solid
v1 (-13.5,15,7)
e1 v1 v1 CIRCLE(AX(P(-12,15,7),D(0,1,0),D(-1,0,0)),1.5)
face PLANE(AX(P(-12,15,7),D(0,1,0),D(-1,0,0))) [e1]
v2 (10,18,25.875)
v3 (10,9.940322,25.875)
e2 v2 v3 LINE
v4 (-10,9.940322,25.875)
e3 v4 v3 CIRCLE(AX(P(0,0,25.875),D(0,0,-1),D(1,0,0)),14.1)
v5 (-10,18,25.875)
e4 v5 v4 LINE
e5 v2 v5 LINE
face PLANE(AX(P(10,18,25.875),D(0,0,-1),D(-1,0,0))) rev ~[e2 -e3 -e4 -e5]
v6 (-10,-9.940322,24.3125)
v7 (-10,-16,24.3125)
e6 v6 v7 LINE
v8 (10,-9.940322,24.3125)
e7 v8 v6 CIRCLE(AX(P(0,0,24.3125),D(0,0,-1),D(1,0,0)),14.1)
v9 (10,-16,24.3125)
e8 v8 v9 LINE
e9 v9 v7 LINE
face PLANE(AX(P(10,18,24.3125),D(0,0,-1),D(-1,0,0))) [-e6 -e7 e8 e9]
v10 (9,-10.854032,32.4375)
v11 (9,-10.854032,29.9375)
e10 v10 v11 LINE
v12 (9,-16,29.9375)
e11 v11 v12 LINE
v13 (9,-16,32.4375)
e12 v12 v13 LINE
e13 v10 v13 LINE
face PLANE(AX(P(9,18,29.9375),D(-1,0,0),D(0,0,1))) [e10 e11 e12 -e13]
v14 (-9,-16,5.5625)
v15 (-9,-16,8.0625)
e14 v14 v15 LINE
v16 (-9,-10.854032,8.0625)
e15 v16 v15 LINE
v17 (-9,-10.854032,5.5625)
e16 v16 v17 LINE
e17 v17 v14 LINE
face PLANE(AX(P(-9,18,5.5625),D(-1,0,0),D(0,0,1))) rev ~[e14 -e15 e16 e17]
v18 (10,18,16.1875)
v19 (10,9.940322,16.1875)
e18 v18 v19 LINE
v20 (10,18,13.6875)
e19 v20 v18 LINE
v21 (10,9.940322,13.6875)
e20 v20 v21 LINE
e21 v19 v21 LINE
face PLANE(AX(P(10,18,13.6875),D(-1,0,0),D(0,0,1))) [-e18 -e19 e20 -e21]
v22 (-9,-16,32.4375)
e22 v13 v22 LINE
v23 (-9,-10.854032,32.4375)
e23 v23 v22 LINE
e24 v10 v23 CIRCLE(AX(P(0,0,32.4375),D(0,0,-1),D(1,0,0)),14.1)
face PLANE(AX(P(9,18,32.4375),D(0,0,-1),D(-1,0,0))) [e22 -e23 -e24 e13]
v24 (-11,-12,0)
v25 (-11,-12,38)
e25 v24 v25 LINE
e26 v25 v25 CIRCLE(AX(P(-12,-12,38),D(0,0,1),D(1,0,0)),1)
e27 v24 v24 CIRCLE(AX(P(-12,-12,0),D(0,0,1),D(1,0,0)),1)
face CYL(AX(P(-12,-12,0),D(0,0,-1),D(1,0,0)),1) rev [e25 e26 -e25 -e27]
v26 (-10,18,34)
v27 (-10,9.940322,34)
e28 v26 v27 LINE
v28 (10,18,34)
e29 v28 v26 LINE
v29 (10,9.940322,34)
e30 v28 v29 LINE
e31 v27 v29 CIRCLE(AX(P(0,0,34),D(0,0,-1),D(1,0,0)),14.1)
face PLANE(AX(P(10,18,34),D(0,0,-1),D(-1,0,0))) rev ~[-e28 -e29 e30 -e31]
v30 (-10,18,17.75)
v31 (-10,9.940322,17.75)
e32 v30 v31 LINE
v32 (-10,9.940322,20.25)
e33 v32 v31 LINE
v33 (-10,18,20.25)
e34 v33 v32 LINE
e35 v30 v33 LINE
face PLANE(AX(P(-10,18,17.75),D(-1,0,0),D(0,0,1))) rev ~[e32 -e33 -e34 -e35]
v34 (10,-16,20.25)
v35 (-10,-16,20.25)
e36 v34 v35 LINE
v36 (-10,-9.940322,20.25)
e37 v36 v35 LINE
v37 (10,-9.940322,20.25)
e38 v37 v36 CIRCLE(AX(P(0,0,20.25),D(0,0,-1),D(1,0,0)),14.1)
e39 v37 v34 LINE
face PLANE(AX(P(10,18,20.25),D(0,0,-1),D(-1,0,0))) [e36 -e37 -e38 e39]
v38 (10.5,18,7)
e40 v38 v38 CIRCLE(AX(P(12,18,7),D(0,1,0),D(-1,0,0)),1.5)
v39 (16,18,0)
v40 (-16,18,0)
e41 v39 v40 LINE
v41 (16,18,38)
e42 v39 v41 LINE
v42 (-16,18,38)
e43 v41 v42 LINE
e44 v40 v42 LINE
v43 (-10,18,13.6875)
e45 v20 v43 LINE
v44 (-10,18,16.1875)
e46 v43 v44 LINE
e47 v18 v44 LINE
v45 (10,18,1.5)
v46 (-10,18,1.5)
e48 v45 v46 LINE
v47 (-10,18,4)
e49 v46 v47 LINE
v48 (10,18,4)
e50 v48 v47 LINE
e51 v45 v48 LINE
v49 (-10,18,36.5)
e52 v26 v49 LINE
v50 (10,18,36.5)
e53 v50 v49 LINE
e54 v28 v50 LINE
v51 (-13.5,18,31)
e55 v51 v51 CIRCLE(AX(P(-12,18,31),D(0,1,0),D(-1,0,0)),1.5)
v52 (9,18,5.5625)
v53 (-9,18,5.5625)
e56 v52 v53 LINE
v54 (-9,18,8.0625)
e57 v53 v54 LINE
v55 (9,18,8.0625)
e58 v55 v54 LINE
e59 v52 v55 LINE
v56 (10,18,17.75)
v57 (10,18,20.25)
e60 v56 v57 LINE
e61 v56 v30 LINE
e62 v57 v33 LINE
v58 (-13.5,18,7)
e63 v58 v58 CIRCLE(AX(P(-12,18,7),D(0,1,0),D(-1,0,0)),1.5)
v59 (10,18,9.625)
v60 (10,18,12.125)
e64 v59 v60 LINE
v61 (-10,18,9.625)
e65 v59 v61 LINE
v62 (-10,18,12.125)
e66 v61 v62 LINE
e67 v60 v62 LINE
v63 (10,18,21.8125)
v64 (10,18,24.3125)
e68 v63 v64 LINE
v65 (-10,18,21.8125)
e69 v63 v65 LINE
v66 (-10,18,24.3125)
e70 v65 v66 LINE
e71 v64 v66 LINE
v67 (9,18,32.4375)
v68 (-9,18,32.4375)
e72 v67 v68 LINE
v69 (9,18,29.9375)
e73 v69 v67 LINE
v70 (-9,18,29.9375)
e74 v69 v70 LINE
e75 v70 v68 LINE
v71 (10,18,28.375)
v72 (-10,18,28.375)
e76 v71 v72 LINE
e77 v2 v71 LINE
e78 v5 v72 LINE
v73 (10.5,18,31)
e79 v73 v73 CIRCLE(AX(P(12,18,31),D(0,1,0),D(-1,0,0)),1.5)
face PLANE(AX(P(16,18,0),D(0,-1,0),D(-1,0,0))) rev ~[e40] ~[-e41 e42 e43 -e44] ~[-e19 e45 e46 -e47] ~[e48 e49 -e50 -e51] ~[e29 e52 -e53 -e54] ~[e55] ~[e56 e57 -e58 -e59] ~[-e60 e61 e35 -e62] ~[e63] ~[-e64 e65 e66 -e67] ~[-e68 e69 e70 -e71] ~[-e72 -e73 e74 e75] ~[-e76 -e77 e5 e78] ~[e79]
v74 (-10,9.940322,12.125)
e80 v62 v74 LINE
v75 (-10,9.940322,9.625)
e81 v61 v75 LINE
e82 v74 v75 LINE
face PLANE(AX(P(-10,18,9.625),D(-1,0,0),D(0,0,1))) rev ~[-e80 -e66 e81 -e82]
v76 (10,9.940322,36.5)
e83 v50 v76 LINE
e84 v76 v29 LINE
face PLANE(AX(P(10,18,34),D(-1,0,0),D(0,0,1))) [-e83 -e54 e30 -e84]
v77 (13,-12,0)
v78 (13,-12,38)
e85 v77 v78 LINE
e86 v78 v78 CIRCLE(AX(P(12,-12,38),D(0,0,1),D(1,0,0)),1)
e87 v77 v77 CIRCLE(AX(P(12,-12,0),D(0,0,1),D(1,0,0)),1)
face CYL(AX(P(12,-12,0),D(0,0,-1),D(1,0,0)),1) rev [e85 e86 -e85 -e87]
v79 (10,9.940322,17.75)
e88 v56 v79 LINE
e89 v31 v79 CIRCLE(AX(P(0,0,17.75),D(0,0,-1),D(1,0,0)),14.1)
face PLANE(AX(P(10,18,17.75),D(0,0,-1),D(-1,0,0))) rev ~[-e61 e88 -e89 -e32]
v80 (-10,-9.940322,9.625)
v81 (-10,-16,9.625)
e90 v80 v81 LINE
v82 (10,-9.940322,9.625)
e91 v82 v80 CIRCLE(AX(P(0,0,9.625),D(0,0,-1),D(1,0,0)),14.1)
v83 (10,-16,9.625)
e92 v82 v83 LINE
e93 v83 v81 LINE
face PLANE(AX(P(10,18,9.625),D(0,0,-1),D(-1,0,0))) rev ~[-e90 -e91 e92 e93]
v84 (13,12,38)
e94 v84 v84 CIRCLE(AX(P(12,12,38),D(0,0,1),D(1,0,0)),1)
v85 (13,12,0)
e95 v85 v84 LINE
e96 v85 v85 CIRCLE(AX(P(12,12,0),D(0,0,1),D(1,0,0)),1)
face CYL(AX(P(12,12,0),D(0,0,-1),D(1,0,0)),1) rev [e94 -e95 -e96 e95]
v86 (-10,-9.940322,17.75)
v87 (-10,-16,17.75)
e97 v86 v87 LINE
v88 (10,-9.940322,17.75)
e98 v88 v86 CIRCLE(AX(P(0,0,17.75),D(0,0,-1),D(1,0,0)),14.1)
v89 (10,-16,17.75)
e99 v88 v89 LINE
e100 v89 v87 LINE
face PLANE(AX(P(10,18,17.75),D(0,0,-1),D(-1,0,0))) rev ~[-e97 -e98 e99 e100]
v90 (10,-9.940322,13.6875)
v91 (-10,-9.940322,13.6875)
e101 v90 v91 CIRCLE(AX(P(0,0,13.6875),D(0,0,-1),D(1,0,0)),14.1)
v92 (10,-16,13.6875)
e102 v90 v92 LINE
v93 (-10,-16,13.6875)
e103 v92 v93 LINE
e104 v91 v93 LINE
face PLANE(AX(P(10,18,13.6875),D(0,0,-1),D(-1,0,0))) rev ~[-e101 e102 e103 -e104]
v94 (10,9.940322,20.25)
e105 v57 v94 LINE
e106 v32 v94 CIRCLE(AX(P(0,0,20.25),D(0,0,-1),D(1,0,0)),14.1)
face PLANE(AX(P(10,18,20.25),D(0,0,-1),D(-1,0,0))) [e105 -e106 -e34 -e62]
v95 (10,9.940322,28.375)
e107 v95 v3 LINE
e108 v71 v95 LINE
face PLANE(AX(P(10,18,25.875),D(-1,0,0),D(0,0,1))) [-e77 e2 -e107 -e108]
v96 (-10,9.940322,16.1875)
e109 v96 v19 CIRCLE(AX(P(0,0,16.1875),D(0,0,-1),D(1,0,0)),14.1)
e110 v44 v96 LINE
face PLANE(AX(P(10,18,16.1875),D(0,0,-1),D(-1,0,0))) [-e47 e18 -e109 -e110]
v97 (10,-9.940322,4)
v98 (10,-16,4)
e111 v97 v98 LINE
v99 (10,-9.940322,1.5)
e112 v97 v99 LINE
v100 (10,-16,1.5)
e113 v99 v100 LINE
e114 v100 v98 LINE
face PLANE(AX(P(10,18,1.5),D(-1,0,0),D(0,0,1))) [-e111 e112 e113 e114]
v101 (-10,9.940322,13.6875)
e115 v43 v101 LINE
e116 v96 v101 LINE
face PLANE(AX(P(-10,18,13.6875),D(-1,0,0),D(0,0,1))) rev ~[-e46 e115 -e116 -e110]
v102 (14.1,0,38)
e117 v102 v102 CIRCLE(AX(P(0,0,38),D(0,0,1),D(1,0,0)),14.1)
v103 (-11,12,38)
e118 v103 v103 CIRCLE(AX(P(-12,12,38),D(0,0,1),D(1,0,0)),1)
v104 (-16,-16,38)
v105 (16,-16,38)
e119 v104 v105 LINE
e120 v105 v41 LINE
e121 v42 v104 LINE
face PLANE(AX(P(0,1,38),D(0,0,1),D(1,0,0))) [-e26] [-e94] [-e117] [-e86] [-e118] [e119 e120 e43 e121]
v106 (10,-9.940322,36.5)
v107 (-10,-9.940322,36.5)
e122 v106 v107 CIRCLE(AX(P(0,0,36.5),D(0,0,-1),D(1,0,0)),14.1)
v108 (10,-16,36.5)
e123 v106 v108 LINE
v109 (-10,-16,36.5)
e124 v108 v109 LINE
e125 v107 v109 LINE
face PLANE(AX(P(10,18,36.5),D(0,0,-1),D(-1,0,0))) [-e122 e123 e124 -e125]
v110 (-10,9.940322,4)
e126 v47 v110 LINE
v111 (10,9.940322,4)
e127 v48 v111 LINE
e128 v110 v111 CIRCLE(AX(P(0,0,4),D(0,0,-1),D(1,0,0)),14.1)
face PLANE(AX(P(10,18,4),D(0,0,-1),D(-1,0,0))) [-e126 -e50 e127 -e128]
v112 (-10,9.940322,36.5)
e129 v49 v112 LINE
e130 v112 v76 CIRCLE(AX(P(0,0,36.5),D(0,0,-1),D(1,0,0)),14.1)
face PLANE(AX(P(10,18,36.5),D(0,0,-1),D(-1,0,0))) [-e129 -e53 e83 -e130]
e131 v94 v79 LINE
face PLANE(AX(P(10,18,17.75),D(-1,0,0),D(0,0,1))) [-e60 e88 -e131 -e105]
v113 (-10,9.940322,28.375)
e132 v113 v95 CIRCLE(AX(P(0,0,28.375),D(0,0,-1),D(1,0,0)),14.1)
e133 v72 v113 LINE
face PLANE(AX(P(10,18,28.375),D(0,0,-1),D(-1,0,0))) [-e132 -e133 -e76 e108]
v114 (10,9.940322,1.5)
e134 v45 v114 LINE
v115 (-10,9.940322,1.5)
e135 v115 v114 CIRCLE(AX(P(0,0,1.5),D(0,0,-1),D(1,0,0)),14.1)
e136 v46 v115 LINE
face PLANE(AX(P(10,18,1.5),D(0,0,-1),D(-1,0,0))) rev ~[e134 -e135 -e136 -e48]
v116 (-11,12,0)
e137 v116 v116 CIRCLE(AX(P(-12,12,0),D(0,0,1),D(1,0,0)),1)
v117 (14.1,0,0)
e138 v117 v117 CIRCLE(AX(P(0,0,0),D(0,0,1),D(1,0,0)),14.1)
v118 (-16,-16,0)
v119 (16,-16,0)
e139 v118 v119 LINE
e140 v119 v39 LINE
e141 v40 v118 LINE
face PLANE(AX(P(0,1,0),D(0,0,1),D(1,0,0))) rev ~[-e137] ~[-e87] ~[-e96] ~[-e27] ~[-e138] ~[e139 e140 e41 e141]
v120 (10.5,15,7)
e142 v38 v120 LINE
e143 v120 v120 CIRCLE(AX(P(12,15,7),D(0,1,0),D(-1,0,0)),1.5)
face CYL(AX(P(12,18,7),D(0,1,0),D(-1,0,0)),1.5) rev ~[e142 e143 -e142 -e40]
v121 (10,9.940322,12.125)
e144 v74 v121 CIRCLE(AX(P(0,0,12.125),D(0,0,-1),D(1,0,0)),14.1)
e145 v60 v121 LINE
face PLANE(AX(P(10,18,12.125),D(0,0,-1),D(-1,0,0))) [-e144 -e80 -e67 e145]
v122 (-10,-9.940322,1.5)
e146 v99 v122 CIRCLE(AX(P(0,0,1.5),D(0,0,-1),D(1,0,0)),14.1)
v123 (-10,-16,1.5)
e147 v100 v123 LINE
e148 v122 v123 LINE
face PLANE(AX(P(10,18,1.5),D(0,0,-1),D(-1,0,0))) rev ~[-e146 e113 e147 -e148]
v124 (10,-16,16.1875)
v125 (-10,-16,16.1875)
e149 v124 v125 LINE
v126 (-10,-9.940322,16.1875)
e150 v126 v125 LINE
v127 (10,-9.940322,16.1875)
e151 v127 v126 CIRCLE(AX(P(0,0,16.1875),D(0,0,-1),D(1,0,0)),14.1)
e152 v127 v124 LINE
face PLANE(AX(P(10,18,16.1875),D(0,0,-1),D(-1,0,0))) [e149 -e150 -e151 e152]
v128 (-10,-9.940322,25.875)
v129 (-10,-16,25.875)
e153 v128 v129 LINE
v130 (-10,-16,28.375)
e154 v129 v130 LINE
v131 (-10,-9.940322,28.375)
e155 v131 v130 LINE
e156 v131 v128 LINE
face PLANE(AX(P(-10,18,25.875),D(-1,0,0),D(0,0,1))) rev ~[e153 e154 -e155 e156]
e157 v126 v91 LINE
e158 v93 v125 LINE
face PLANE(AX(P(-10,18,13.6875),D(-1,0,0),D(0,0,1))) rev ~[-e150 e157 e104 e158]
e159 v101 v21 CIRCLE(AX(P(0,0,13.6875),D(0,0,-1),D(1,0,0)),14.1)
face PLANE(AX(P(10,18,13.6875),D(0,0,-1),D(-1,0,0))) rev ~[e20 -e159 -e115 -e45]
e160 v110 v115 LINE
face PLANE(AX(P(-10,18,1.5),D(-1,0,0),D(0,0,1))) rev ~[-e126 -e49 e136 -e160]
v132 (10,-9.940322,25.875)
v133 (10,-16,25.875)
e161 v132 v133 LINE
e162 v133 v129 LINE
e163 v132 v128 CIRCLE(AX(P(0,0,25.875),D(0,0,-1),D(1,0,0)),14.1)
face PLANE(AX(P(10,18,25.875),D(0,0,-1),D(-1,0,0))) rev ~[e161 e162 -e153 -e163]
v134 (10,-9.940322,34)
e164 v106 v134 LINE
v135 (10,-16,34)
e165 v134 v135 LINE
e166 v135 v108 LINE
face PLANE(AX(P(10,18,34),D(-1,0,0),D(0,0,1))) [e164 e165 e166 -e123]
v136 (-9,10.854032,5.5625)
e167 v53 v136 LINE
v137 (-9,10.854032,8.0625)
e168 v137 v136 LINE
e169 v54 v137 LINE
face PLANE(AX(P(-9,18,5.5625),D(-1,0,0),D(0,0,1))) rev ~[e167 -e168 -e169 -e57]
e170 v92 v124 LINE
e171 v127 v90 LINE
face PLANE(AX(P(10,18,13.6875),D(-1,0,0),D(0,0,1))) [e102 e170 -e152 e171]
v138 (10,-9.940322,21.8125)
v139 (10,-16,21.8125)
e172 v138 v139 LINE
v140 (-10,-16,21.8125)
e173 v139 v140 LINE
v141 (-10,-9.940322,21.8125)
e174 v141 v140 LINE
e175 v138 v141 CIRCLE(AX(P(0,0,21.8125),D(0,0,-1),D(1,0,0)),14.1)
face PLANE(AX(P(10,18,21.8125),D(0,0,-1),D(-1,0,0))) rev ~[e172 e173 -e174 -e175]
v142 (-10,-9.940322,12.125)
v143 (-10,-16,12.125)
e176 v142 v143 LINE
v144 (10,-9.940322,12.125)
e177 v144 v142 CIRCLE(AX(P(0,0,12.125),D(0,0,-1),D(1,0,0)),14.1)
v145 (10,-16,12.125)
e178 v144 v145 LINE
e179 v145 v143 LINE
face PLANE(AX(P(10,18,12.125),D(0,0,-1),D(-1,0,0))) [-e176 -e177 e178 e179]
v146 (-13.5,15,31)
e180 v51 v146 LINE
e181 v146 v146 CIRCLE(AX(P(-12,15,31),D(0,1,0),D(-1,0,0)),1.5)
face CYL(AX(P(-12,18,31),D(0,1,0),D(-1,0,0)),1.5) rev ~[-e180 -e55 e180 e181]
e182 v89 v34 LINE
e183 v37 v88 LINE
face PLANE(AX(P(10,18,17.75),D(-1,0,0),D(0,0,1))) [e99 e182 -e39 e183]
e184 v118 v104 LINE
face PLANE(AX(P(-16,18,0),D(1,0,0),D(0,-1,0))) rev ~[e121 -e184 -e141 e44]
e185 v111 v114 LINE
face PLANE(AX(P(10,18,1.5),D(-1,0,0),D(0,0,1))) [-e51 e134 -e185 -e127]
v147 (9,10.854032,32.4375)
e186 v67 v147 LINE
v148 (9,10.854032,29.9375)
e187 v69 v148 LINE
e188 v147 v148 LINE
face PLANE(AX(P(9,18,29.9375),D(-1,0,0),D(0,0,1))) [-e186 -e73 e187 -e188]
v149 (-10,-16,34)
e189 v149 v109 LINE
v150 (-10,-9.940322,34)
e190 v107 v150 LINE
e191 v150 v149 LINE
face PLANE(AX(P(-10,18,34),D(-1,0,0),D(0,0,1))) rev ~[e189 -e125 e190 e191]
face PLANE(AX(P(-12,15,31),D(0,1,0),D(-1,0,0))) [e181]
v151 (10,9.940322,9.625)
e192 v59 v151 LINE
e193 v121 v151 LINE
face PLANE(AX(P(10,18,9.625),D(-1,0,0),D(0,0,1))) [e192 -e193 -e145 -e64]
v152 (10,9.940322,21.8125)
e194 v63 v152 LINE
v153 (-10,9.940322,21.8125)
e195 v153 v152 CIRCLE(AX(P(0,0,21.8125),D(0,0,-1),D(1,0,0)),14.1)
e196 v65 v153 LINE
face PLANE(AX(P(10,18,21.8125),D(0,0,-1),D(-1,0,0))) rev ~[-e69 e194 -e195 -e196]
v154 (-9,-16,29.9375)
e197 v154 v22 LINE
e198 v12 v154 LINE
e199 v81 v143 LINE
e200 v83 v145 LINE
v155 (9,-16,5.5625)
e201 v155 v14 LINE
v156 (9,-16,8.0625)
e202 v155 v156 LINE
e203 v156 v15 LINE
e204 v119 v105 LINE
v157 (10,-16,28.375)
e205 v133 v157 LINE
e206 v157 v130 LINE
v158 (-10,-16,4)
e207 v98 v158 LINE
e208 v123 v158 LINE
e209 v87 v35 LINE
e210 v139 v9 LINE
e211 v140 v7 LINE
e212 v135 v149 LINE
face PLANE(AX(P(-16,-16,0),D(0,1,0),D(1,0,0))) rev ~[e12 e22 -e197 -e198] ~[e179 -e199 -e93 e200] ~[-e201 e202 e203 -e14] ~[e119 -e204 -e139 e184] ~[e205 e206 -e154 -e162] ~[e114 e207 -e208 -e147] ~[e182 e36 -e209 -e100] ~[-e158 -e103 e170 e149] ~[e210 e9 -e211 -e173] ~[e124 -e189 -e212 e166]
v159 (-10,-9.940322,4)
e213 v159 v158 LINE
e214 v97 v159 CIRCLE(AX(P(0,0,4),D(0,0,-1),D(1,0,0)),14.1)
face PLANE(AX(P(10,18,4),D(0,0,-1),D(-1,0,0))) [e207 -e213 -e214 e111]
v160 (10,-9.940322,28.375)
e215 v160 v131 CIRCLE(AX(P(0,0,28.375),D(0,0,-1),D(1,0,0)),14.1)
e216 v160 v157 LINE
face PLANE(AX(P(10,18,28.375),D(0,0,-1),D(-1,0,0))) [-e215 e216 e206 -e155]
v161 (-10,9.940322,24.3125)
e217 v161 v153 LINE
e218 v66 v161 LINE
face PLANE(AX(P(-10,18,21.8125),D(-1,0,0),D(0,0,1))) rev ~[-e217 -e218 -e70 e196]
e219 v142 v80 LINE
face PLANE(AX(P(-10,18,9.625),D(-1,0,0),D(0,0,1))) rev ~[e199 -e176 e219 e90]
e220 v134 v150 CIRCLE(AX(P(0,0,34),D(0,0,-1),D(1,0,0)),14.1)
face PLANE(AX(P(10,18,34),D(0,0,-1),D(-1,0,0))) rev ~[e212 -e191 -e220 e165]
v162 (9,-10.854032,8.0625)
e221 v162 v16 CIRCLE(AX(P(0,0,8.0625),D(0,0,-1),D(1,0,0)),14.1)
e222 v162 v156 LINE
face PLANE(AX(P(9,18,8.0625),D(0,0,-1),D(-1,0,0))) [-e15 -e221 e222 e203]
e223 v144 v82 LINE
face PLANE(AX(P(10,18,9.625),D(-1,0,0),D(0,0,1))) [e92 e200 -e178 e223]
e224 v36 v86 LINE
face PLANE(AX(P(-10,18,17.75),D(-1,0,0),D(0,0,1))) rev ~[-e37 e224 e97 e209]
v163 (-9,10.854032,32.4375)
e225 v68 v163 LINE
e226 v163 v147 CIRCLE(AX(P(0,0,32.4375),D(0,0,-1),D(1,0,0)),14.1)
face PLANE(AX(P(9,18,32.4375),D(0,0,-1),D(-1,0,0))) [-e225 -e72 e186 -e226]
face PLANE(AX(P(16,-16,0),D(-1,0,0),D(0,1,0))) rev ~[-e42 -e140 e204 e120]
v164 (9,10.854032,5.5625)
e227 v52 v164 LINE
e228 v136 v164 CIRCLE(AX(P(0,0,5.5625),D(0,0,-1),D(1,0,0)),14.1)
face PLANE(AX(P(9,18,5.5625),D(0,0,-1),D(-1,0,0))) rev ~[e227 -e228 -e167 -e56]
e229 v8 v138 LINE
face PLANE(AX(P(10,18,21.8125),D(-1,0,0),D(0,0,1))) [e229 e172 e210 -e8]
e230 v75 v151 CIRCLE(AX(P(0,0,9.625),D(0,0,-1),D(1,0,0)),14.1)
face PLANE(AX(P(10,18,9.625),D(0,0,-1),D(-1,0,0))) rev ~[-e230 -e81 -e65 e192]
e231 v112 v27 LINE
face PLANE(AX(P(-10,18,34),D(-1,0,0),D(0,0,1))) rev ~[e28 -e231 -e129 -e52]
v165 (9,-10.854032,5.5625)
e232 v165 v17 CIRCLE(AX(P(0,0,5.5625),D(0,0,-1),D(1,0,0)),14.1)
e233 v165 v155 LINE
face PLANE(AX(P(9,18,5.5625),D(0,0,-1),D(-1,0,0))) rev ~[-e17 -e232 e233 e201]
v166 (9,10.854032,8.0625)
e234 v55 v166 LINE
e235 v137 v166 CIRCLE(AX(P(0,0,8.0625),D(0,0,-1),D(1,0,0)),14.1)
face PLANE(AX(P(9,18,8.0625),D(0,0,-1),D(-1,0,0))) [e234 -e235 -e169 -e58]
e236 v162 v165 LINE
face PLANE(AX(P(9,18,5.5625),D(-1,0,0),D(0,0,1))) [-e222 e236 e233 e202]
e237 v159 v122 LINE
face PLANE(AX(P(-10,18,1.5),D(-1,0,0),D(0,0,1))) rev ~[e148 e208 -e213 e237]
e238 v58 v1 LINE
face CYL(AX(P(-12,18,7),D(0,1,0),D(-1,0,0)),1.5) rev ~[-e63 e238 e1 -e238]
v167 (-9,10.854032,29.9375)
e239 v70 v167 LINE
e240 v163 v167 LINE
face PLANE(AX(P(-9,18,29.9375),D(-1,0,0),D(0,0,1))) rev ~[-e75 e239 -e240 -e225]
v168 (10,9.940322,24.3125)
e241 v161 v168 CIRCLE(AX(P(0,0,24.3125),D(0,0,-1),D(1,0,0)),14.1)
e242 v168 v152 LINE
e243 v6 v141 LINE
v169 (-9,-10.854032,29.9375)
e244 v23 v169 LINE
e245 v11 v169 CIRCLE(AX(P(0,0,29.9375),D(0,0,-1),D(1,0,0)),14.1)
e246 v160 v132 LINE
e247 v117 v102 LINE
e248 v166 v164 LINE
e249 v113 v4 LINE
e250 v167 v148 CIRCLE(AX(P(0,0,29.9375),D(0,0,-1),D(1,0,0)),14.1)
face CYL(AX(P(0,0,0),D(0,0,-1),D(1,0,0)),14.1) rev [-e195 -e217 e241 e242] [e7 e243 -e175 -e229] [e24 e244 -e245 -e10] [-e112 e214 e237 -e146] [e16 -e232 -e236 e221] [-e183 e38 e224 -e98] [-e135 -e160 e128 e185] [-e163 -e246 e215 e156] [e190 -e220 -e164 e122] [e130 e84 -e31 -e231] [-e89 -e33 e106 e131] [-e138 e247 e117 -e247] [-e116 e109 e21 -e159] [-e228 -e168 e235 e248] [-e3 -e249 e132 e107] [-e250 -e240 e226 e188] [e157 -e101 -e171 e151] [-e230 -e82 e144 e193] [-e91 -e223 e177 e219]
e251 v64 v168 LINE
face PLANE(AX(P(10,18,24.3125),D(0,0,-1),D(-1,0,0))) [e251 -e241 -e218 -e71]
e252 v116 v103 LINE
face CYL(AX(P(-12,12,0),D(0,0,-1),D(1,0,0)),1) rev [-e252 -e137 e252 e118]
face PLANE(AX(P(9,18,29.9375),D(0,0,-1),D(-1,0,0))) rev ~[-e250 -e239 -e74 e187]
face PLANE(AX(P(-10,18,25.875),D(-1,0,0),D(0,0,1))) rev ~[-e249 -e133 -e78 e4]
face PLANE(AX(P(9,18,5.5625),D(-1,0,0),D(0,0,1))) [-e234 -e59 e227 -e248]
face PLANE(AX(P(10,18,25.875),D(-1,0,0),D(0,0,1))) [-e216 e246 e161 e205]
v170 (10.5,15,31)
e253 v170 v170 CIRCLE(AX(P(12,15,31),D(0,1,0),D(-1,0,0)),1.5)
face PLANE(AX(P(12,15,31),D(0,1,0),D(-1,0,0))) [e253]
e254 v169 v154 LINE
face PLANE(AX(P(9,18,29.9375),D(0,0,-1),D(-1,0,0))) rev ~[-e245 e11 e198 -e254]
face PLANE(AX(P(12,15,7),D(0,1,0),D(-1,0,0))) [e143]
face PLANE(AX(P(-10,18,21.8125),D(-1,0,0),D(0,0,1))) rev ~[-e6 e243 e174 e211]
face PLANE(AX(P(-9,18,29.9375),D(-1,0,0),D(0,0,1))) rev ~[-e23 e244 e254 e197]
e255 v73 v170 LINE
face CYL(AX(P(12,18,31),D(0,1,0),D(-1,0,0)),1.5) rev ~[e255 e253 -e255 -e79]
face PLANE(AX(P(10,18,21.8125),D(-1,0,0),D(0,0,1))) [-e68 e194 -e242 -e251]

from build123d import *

# Parameters (mm, degrees)
SKETCH_R        = 14.1
SKETCH_R_2      = 1
PAD_DEPTH       = 38
SKETCH001_R     = 1.5
POCKET_DEPTH    = 3
SKETCH002_W     = 20
SKETCH002_H     = 2.5
SKETCH002_W_2   = 18
POCKET001_DEPTH = 34.001


with BuildPart() as part:
    # Sketch → Pad (new body)
    with BuildSketch(Plane.XY):
        Polygon((16, -16), (16, 16), (16, 18), (-16, 18), (-16, 16), (-16, -16), align=None)
        Circle(SKETCH_R, mode=Mode.SUBTRACT)
        with Locations((-12, 12)):
            Circle(SKETCH_R_2, mode=Mode.SUBTRACT)
        with Locations((12, 12)):
            Circle(SKETCH_R_2, mode=Mode.SUBTRACT)
        with Locations((12, -12)):
            Circle(SKETCH_R_2, mode=Mode.SUBTRACT)
        with Locations((-12, -12)):
            Circle(SKETCH_R_2, mode=Mode.SUBTRACT)
    extrude(amount=PAD_DEPTH)

    # Sketch001 (on Face5 of Pad) → Pocket (cut)
    with BuildSketch(Plane(origin=(0, 18, 0), x_dir=(-1, 0, 0), z_dir=(0, 1, 0))):
        with Locations((-12, 31)):
            Circle(SKETCH001_R)
        with Locations((12, 31)):
            Circle(SKETCH001_R)
        with Locations((12, 7)):
            Circle(SKETCH001_R)
        with Locations((-12, 7)):
            Circle(SKETCH001_R)
    extrude(amount=-POCKET_DEPTH, mode=Mode.SUBTRACT)

    # Sketch002 (on Face6 of Pocket) → Pocket001 (cut, through all)
    with BuildSketch(Plane(origin=(0, 18, 0), x_dir=(-1, 0, 0), z_dir=(0, 1, 0))):
        with Locations((0, 27.125)):
            Rectangle(SKETCH002_W, SKETCH002_H)
        with Locations((0, 23.0625)):
            Rectangle(SKETCH002_W, SKETCH002_H)
        with Locations((0, 19)):
            Rectangle(SKETCH002_W, SKETCH002_H)
        with Locations((0, 14.9375)):
            Rectangle(SKETCH002_W, SKETCH002_H)
        with Locations((0, 10.875)):
            Rectangle(SKETCH002_W, SKETCH002_H)
        with Locations((0, 6.8125)):
            Rectangle(SKETCH002_W_2, SKETCH002_H)
        with Locations((0, 31.1875)):
            Rectangle(SKETCH002_W_2, SKETCH002_H)
        with Locations((0, 2.75)):
            Rectangle(SKETCH002_W, SKETCH002_H)
        with Locations((0, 35.25)):
            Rectangle(SKETCH002_W, SKETCH002_H)
    extrude(amount=-POCKET001_DEPTH, mode=Mode.SUBTRACT)


solid = part.part
